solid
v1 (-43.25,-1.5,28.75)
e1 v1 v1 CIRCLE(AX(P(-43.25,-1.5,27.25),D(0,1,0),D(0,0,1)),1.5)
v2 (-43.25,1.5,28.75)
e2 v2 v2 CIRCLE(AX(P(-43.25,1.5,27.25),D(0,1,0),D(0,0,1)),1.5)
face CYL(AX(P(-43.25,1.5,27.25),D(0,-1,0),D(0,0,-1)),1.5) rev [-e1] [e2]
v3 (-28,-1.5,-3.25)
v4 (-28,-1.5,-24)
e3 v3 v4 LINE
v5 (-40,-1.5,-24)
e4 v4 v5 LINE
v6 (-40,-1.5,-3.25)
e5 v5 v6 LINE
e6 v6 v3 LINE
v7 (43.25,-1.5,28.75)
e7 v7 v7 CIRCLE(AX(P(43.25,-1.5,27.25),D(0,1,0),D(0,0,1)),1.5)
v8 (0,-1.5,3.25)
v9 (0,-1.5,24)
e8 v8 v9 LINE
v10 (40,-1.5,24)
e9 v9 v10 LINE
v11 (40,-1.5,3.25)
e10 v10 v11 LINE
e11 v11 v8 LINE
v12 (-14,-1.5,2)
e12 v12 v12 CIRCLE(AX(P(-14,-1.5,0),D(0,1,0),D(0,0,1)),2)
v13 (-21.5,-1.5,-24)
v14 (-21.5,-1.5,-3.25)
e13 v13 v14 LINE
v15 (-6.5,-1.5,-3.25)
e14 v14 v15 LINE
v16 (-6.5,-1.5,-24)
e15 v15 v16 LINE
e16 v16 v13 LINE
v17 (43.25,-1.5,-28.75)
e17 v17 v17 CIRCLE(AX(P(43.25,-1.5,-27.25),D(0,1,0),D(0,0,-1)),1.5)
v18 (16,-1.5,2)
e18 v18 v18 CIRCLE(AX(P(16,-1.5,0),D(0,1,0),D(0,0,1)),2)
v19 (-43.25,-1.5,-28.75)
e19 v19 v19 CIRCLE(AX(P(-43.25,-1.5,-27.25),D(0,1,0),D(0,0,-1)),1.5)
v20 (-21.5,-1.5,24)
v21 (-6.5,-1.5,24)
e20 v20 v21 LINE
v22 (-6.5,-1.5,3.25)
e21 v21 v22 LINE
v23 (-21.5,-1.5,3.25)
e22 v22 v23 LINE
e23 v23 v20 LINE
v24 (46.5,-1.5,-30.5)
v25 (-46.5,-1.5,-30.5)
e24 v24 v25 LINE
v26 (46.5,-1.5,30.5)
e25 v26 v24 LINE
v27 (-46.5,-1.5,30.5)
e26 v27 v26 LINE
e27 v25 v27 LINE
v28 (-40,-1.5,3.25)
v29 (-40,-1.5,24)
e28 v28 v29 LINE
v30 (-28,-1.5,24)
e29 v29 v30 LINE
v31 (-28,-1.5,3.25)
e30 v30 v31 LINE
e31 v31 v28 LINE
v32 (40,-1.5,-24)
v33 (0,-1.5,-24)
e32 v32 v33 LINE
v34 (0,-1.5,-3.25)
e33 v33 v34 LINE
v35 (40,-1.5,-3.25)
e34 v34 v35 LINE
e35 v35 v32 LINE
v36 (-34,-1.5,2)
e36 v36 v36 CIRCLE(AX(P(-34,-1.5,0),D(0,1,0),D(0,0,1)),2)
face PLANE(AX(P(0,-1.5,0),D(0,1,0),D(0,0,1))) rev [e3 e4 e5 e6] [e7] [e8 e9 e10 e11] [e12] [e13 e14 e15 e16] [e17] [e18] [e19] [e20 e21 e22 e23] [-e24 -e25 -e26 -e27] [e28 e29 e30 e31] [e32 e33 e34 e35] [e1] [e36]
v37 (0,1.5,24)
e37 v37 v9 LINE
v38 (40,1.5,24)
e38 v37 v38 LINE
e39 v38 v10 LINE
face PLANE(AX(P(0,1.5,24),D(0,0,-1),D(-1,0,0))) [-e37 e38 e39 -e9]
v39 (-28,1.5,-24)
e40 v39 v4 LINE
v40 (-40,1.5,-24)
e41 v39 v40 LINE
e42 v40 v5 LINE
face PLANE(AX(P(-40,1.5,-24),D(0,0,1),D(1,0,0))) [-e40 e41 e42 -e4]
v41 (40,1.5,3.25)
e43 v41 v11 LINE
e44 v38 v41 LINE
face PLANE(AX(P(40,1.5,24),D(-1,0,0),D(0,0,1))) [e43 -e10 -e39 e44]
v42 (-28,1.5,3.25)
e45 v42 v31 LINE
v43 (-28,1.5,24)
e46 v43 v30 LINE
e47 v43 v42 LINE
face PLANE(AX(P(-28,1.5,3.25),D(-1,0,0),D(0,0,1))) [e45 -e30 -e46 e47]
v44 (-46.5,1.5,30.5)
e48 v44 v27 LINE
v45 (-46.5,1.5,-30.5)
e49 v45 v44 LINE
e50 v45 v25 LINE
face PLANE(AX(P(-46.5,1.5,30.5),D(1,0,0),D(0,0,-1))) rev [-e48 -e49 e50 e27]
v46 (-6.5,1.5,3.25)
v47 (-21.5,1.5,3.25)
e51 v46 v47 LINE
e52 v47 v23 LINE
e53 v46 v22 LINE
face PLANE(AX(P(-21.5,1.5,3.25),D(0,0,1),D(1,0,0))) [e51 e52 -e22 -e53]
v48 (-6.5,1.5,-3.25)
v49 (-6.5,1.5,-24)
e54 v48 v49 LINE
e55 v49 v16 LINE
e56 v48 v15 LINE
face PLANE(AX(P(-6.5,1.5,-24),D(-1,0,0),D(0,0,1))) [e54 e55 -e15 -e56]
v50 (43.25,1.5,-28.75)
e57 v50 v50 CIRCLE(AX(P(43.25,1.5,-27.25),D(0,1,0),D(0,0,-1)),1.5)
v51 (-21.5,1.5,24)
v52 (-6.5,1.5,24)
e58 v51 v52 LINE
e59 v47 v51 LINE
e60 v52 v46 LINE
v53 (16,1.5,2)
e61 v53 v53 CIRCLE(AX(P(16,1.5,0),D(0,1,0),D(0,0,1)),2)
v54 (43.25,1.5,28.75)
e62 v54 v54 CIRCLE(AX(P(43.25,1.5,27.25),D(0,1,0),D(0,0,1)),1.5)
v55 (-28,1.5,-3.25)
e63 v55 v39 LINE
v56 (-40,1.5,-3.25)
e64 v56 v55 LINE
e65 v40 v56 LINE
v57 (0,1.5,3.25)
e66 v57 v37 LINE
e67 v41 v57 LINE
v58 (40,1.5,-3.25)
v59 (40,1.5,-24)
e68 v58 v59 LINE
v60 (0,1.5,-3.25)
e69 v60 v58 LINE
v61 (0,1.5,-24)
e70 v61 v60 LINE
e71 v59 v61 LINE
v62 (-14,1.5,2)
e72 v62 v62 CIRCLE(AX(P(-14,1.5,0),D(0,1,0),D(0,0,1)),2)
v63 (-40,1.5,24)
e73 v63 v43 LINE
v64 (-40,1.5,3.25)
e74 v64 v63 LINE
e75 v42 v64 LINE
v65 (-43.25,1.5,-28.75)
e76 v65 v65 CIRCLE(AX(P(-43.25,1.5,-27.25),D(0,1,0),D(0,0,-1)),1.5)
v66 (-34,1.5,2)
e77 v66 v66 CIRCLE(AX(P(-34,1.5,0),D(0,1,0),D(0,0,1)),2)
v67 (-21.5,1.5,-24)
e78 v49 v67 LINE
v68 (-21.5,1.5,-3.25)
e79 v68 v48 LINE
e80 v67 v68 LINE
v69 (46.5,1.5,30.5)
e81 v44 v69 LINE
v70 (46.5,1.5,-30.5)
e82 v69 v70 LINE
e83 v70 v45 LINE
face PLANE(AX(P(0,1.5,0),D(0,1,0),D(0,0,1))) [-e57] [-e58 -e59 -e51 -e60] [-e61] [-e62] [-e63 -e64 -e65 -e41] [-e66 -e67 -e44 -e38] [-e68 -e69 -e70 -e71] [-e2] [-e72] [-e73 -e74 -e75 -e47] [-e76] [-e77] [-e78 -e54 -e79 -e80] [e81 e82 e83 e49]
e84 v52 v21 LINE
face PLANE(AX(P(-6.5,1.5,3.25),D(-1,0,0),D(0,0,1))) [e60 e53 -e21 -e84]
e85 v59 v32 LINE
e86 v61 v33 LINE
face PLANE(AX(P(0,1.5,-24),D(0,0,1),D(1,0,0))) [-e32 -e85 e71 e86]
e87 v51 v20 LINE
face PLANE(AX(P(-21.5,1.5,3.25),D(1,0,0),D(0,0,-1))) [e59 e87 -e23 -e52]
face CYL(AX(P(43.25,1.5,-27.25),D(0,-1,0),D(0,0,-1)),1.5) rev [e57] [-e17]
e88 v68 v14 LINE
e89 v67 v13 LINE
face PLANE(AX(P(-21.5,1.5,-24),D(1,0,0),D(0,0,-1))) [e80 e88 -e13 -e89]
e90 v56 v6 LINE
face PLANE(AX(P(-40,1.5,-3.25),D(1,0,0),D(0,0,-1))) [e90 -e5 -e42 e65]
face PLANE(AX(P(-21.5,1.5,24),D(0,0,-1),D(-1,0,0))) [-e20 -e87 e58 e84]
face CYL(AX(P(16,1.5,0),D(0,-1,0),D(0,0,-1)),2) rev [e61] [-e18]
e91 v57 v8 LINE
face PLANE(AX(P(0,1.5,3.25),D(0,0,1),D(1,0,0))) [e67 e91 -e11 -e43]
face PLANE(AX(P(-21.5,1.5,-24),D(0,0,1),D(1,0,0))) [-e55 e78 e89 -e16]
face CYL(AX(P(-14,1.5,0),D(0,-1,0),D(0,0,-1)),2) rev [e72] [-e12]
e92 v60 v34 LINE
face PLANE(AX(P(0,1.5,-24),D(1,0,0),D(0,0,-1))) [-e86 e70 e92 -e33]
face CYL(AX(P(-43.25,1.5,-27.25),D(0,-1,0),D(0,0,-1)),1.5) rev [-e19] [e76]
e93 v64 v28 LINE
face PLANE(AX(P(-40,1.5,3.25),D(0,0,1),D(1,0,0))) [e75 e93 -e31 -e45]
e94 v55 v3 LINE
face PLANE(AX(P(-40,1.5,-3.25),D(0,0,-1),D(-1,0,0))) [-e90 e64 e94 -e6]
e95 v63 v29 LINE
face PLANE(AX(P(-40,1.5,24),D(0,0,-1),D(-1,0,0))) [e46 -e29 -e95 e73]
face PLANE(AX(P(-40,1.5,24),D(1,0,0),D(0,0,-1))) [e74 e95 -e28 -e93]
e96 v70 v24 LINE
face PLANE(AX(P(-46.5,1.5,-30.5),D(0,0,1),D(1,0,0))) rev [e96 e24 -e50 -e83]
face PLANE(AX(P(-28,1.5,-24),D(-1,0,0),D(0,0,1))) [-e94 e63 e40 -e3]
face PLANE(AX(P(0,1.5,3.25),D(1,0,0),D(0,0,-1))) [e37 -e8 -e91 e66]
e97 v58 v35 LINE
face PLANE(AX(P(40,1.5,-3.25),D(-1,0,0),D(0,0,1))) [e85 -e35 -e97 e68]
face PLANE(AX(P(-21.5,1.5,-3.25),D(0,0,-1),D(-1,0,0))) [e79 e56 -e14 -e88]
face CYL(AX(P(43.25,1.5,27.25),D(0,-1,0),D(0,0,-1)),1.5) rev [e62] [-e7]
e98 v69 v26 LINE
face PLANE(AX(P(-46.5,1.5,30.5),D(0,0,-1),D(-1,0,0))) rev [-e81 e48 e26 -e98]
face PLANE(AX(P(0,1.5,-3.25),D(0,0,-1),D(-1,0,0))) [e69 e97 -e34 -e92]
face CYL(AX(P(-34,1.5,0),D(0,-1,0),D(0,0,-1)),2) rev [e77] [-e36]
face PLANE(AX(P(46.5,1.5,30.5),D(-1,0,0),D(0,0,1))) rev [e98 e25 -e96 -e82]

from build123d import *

# Parameters (mm, degrees)
SKETCH1_W           = 93
SKETCH1_H           = 61
SKETCH1_R           = 2
SKETCH1_R_2         = 1.5
SKETCH1_W_2         = 12
SKETCH1_H_2         = 20.75
SKETCH1_W_3         = 40
SKETCH1_W_4         = 15
BOSS_EXTRUDE1_DEPTH = 1.5


with BuildPart() as part:
    # Sketch1 → Boss-Extrude1 (new, symmetric)
    with BuildSketch(Plane(origin=(0, 0, 0), x_dir=(1, 0, 0), z_dir=(0, 1, 0))):
        Rectangle(SKETCH1_W, SKETCH1_H)
        with Locations(Location((-34, 0, 0), (0, 0, 270))):
            Circle(SKETCH1_R, mode=Mode.SUBTRACT)
        with Locations(Location((-14, 0, 0), (0, 0, 270))):
            Circle(SKETCH1_R, mode=Mode.SUBTRACT)
        with Locations(Location((16, 0, 0), (0, 0, 270))):
            Circle(SKETCH1_R, mode=Mode.SUBTRACT)
        with Locations(Location((43.25, -27.25, 0), (0, 0, 270))):
            Circle(SKETCH1_R_2, mode=Mode.SUBTRACT)
        with Locations(Location((-43.25, -27.25, 0), (0, 0, 270))):
            Circle(SKETCH1_R_2, mode=Mode.SUBTRACT)
        with Locations(Location((43.25, 27.25, 0), (0, 0, 90))):
            Circle(SKETCH1_R_2, mode=Mode.SUBTRACT)
        with Locations(Location((-43.25, 27.25, 0), (0, 0, 90))):
            Circle(SKETCH1_R_2, mode=Mode.SUBTRACT)
        with Locations((-34, -13.625)):
            Rectangle(SKETCH1_W_2, SKETCH1_H_2, mode=Mode.SUBTRACT)
        with Locations((-34, 13.625)):
            Rectangle(SKETCH1_W_2, SKETCH1_H_2, mode=Mode.SUBTRACT)
        with Locations((20, -13.625)):
            Rectangle(SKETCH1_W_3, SKETCH1_H_2, mode=Mode.SUBTRACT)
        with Locations((-14, 13.625)):
            Rectangle(SKETCH1_W_4, SKETCH1_H_2, mode=Mode.SUBTRACT)
        with Locations((20, 13.625)):
            Rectangle(SKETCH1_W_3, SKETCH1_H_2, mode=Mode.SUBTRACT)
        with Locations((-14, -13.625)):
            Rectangle(SKETCH1_W_4, SKETCH1_H_2, mode=Mode.SUBTRACT)
    extrude(amount=BOSS_EXTRUDE1_DEPTH, both=True)


solid = part.part
